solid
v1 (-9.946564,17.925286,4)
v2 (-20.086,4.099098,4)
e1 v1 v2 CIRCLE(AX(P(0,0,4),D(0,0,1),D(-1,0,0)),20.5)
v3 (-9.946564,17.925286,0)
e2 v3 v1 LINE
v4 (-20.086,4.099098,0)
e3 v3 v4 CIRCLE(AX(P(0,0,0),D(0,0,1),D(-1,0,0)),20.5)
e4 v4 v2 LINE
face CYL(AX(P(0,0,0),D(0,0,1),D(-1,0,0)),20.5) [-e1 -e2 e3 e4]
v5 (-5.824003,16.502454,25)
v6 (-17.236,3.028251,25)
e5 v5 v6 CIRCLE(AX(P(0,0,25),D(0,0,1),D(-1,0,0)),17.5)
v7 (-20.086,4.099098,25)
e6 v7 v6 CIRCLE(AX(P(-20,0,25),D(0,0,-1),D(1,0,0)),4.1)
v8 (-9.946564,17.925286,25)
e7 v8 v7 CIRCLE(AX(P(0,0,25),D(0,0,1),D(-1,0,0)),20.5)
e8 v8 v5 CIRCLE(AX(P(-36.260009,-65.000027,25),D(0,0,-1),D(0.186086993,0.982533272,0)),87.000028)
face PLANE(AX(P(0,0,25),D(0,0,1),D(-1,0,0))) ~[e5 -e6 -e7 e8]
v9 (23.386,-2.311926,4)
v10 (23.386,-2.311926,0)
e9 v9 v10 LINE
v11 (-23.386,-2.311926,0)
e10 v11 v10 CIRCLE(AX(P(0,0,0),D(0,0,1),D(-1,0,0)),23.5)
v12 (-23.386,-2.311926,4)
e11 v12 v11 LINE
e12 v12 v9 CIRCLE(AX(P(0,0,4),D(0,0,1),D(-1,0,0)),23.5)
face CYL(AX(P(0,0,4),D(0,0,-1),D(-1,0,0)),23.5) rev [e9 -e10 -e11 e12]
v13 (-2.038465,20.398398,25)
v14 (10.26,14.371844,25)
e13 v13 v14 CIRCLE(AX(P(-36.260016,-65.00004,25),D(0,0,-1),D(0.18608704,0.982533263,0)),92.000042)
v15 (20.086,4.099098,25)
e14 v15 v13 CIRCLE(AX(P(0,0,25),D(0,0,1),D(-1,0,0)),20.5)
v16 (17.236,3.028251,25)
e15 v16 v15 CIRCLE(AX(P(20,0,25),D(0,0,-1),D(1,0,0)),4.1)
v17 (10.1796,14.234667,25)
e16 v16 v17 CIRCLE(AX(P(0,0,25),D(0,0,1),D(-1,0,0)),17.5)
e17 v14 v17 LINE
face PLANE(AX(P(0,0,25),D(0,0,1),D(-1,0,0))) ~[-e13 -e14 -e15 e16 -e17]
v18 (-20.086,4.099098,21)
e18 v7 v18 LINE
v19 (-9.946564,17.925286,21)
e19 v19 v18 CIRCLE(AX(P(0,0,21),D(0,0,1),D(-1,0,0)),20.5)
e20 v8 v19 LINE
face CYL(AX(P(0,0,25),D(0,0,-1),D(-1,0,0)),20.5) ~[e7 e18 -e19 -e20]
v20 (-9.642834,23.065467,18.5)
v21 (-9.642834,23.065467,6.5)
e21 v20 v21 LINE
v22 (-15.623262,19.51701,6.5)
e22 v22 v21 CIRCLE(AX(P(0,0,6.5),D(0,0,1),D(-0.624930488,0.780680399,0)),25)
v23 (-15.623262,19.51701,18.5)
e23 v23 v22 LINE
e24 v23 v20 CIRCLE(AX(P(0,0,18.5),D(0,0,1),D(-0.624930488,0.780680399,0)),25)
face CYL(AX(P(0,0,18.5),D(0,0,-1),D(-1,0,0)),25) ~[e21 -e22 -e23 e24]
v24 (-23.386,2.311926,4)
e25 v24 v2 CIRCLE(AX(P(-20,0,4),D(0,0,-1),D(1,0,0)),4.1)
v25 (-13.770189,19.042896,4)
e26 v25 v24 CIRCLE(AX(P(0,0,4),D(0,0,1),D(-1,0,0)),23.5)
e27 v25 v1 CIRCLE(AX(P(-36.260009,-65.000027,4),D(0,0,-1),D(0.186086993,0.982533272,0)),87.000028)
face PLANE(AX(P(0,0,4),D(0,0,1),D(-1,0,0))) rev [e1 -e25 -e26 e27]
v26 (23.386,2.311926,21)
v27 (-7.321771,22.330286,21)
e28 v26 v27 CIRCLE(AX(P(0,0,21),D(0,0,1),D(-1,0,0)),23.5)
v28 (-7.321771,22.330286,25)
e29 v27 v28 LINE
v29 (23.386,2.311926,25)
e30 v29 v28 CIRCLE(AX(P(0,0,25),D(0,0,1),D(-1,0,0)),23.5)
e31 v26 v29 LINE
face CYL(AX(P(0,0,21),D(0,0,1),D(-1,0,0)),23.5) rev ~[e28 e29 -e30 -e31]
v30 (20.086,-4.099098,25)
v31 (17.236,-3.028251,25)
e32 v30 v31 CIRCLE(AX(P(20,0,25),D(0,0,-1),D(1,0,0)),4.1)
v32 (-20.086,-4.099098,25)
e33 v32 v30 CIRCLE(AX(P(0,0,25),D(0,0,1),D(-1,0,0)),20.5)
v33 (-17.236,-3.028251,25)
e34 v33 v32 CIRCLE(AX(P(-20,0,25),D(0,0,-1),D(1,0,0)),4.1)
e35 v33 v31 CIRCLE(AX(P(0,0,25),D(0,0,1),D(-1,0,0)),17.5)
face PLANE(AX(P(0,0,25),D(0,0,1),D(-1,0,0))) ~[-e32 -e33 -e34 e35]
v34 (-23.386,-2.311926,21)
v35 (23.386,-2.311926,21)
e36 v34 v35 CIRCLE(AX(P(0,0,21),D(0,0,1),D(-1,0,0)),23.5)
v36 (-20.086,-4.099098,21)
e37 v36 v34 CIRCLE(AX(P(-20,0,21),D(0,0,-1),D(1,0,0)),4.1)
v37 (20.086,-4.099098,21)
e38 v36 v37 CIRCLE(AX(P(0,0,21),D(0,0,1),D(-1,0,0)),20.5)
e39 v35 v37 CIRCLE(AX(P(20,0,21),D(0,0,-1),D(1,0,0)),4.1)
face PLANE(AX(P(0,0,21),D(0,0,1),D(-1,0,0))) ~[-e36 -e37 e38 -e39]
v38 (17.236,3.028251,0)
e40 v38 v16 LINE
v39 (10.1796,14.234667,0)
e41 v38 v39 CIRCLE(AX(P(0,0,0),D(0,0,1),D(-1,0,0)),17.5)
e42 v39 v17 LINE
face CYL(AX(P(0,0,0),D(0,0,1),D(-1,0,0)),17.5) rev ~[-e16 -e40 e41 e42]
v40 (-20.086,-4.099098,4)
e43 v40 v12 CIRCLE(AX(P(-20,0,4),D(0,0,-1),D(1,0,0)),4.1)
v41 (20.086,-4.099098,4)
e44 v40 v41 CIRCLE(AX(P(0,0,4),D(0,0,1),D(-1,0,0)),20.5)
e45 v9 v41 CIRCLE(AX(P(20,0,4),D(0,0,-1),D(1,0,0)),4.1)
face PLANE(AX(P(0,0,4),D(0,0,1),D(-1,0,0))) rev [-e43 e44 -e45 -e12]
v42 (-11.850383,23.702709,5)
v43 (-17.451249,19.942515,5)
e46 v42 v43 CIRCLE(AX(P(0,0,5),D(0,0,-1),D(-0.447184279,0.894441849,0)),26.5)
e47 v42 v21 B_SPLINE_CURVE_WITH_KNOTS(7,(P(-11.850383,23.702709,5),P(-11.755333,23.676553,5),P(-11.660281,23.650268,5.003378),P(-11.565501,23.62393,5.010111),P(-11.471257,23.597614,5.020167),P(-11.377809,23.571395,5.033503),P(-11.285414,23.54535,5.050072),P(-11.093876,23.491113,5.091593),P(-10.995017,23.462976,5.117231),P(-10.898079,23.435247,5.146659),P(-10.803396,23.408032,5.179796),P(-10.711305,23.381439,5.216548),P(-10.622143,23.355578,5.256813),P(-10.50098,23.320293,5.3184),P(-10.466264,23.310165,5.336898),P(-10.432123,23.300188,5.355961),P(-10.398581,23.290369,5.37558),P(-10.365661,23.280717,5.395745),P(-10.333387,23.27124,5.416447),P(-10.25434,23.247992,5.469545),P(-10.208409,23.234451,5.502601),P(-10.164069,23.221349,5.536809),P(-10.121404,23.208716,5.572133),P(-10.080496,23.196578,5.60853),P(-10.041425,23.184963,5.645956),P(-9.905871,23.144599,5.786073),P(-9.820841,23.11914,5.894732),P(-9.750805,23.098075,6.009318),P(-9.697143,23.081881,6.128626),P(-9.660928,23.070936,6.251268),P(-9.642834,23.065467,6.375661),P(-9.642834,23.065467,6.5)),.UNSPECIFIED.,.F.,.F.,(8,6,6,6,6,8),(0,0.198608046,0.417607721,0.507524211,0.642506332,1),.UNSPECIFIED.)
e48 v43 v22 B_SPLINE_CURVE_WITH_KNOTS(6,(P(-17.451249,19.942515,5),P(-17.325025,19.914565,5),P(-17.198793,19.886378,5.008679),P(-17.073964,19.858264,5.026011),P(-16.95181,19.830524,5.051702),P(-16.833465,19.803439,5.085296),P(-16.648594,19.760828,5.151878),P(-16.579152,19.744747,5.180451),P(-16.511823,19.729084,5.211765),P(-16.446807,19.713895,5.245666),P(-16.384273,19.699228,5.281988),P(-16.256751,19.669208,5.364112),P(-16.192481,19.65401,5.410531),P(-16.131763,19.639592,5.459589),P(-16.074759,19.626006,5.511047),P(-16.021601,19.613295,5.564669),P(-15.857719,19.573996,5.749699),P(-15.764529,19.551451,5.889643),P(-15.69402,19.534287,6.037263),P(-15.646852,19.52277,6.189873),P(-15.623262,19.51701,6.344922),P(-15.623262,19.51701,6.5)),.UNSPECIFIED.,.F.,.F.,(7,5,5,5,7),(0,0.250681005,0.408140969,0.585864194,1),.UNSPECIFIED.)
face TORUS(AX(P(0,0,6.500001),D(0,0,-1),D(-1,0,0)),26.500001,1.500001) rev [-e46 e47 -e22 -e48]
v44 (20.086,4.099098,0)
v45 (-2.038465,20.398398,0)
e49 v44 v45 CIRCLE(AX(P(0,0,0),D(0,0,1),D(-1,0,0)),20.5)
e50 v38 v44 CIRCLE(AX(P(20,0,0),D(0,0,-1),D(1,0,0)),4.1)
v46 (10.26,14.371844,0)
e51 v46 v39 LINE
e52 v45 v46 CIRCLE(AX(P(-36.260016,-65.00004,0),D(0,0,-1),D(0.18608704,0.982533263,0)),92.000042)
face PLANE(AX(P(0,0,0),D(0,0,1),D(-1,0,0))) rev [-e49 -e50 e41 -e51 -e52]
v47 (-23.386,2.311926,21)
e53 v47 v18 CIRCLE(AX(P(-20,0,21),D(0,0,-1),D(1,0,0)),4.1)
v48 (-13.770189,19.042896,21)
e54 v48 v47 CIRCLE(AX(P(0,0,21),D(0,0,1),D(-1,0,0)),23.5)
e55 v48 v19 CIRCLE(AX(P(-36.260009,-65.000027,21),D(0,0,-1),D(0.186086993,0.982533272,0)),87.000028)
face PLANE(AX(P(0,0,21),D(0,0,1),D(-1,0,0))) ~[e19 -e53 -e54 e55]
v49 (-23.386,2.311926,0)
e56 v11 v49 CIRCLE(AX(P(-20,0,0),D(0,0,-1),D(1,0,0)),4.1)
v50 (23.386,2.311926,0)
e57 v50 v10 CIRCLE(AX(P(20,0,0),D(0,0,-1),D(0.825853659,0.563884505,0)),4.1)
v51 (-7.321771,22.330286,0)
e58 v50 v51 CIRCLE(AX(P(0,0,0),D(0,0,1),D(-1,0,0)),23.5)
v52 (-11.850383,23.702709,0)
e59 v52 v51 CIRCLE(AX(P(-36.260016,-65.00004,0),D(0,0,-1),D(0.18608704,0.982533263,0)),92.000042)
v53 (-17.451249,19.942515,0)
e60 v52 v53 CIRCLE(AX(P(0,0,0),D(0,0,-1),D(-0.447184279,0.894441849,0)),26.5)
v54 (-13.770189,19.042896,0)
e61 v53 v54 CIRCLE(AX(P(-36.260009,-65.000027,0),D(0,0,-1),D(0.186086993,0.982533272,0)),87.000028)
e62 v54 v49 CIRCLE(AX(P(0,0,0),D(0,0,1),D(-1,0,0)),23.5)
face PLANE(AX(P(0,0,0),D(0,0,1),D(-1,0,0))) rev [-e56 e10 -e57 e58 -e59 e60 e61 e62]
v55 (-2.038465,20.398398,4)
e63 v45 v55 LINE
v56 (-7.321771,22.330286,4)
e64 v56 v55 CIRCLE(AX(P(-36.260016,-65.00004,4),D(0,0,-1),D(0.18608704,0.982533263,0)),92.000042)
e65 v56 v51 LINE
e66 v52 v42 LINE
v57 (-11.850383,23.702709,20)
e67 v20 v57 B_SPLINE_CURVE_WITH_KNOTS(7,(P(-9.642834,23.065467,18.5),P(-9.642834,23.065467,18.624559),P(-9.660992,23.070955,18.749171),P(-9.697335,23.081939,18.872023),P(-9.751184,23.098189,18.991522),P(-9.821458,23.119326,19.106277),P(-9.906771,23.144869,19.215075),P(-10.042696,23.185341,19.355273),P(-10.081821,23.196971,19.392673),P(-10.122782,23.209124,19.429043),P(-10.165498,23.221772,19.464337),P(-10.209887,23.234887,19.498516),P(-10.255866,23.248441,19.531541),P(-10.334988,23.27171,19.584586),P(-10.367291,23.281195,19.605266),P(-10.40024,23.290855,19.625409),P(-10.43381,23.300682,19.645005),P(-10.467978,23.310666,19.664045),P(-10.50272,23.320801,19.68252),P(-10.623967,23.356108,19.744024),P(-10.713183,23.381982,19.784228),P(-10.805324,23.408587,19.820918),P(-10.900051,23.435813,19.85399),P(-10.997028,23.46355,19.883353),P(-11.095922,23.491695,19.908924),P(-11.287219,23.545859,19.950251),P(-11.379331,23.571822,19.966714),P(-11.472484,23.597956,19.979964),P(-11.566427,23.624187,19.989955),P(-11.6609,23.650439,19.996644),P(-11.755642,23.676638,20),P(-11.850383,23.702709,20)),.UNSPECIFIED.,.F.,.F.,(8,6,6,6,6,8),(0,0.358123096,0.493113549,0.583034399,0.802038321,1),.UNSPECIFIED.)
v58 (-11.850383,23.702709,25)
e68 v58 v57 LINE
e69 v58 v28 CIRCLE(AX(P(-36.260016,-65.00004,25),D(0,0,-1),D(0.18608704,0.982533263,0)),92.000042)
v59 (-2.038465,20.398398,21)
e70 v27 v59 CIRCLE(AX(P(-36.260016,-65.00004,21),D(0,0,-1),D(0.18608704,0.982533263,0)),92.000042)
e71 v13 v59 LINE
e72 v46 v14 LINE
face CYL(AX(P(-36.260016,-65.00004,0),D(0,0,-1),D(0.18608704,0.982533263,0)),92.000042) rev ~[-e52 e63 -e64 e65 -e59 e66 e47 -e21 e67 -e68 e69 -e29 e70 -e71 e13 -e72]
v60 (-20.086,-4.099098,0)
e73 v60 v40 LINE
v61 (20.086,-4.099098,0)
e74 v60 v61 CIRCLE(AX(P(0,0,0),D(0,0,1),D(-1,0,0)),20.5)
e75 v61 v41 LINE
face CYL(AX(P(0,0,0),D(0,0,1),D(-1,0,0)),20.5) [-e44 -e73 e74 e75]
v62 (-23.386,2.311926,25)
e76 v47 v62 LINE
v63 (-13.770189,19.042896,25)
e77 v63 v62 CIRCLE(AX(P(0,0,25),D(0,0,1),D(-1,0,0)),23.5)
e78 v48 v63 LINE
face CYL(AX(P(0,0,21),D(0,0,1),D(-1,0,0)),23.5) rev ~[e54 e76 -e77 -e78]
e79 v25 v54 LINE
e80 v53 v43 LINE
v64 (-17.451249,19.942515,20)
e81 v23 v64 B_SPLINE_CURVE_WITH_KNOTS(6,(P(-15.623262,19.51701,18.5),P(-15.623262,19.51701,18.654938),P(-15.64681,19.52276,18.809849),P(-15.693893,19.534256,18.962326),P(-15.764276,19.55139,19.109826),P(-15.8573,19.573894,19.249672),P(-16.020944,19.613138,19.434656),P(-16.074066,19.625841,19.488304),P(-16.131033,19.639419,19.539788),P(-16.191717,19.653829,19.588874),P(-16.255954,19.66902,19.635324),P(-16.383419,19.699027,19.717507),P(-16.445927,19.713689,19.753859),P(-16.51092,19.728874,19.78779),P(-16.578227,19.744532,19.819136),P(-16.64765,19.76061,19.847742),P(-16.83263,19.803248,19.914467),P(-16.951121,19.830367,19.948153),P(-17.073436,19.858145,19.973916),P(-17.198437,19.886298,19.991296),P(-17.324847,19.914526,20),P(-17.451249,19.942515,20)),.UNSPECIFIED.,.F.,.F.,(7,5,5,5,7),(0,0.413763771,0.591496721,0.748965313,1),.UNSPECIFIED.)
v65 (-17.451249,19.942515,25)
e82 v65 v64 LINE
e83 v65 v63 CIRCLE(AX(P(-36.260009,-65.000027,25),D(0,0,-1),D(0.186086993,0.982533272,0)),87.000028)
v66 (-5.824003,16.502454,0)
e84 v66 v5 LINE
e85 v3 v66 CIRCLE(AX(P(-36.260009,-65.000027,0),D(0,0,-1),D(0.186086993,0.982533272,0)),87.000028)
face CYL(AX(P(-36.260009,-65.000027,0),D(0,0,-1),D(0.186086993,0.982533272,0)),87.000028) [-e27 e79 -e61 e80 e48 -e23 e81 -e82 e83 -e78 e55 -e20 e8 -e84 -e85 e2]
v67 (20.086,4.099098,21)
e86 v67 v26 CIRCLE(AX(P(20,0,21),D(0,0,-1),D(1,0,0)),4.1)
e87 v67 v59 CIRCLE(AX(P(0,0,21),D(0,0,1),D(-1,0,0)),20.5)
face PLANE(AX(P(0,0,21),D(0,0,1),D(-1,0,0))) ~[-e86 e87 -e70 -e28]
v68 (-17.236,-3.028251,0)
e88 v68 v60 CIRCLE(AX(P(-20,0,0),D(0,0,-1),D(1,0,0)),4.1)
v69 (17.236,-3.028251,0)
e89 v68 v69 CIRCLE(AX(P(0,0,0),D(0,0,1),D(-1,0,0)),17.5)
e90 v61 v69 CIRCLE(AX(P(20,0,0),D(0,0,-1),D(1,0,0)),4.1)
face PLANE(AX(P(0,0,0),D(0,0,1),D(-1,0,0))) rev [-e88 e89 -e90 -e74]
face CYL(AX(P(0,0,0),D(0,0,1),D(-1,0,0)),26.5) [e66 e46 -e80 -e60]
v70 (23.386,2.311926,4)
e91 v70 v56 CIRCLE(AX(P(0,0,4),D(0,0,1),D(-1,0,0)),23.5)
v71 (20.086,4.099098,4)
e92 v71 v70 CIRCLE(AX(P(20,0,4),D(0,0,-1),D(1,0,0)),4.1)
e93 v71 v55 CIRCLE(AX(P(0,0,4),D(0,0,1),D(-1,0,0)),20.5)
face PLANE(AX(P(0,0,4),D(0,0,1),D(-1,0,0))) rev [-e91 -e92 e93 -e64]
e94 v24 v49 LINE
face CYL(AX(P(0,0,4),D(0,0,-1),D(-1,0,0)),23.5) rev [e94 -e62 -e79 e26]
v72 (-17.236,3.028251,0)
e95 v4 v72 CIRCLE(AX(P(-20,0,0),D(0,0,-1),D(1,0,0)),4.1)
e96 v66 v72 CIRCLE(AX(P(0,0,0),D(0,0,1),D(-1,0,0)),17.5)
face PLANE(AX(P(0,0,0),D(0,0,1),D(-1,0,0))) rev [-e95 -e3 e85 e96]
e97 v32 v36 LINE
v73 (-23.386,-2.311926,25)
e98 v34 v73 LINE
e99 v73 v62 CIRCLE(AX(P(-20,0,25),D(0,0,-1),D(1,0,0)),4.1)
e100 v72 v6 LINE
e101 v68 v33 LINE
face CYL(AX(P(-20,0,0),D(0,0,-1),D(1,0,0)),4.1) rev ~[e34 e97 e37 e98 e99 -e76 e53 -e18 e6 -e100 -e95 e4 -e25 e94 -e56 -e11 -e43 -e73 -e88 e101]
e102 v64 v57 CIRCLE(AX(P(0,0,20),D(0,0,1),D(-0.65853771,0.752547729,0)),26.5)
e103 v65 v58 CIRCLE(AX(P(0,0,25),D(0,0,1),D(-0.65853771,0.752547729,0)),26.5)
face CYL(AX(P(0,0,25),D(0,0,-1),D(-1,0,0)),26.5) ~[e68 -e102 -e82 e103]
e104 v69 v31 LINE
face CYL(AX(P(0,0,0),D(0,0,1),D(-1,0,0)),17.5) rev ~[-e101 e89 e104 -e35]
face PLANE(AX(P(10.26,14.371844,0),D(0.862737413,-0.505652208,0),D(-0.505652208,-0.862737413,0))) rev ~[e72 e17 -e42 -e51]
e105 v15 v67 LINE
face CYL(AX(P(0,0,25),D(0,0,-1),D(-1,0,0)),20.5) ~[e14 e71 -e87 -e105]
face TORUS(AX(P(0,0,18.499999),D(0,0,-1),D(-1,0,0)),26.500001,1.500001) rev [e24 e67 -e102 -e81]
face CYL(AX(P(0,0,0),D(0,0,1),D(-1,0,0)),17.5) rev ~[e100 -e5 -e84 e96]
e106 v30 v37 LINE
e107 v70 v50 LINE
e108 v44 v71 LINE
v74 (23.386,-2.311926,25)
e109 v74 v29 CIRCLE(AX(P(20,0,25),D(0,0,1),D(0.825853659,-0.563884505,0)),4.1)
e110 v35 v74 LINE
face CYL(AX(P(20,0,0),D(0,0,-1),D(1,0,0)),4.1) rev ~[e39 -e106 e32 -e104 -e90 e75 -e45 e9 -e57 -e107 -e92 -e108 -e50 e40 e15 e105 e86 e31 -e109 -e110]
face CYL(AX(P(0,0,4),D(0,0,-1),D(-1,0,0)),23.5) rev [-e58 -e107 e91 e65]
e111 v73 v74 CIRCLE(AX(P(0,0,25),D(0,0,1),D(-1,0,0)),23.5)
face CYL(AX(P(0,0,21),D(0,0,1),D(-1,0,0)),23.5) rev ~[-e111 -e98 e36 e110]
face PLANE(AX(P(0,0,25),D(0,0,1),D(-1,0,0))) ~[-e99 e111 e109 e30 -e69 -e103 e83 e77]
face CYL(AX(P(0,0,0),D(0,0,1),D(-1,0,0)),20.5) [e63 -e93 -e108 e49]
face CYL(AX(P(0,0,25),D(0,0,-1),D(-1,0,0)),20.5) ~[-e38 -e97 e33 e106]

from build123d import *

# Parameters (mm, degrees)
SKETCH001_R  = 4.1
POCKET_DEPTH = 25.001


with BuildPart() as part:
    # Sketch → Revolution (revolve)
    with BuildSketch(Plane.XZ):
        with BuildLine():
            Line((-17.5, 0), (-17.5, 25))
            Line((-17.5, 25), (-20.5, 25))
            Line((-20.5, 25), (-20.5, 21))
            Line((-20.5, 21), (-23.5, 21))
            Line((-23.5, 21), (-23.5, 25))
            Line((-23.5, 25), (-26.5, 25))
            Line((-26.5, 25), (-26.5, 20))
            ThreePointArc((-25, 18.5), (-25.43934, 19.56066), (-26.5, 20))
            Line((-25, 18.5), (-25, 6.5))
            ThreePointArc((-26.5, 5), (-25.43934, 5.43934), (-25, 6.5))
            Line((-26.5, 0), (-26.5, 5))
            Line((-23.5, 0), (-26.5, 0))
            Line((-23.5, 4), (-23.5, 0))
            Line((-20.5, 4), (-23.5, 4))
            Line((-20.5, 0), (-20.5, 4))
            Line((-17.5, 0), (-20.5, 0))
        make_face()
    revolve(axis=Axis((0, 0, 0), (0, 0, 1)))

    # Sketch001 (on Face1 of Revolution) → Pocket (cut, through all)
    with BuildSketch(Plane(origin=(0, 0, 0), x_dir=(1, 0, 0), z_dir=(0, 0, -1))):
        with Locations((20, 0)):
            Circle(SKETCH001_R)
        with Locations((-20, 0)):
            Circle(SKETCH001_R)
        with BuildLine():
            ThreePointArc((-20.070435, -20.480395), (-5.721449, -16.464083), (7.731739, -10.058157))
            Line((10.26, -14.371844), (7.731739, -10.058157))
            ThreePointArc((-19.14, -25.393062), (-3.96636, -21.145927), (10.26, -14.371844))
            Line((-20.070435, -20.480395), (-19.14, -25.393062))
        make_face()
    extrude(amount=-POCKET_DEPTH, mode=Mode.SUBTRACT)


solid = part.part
